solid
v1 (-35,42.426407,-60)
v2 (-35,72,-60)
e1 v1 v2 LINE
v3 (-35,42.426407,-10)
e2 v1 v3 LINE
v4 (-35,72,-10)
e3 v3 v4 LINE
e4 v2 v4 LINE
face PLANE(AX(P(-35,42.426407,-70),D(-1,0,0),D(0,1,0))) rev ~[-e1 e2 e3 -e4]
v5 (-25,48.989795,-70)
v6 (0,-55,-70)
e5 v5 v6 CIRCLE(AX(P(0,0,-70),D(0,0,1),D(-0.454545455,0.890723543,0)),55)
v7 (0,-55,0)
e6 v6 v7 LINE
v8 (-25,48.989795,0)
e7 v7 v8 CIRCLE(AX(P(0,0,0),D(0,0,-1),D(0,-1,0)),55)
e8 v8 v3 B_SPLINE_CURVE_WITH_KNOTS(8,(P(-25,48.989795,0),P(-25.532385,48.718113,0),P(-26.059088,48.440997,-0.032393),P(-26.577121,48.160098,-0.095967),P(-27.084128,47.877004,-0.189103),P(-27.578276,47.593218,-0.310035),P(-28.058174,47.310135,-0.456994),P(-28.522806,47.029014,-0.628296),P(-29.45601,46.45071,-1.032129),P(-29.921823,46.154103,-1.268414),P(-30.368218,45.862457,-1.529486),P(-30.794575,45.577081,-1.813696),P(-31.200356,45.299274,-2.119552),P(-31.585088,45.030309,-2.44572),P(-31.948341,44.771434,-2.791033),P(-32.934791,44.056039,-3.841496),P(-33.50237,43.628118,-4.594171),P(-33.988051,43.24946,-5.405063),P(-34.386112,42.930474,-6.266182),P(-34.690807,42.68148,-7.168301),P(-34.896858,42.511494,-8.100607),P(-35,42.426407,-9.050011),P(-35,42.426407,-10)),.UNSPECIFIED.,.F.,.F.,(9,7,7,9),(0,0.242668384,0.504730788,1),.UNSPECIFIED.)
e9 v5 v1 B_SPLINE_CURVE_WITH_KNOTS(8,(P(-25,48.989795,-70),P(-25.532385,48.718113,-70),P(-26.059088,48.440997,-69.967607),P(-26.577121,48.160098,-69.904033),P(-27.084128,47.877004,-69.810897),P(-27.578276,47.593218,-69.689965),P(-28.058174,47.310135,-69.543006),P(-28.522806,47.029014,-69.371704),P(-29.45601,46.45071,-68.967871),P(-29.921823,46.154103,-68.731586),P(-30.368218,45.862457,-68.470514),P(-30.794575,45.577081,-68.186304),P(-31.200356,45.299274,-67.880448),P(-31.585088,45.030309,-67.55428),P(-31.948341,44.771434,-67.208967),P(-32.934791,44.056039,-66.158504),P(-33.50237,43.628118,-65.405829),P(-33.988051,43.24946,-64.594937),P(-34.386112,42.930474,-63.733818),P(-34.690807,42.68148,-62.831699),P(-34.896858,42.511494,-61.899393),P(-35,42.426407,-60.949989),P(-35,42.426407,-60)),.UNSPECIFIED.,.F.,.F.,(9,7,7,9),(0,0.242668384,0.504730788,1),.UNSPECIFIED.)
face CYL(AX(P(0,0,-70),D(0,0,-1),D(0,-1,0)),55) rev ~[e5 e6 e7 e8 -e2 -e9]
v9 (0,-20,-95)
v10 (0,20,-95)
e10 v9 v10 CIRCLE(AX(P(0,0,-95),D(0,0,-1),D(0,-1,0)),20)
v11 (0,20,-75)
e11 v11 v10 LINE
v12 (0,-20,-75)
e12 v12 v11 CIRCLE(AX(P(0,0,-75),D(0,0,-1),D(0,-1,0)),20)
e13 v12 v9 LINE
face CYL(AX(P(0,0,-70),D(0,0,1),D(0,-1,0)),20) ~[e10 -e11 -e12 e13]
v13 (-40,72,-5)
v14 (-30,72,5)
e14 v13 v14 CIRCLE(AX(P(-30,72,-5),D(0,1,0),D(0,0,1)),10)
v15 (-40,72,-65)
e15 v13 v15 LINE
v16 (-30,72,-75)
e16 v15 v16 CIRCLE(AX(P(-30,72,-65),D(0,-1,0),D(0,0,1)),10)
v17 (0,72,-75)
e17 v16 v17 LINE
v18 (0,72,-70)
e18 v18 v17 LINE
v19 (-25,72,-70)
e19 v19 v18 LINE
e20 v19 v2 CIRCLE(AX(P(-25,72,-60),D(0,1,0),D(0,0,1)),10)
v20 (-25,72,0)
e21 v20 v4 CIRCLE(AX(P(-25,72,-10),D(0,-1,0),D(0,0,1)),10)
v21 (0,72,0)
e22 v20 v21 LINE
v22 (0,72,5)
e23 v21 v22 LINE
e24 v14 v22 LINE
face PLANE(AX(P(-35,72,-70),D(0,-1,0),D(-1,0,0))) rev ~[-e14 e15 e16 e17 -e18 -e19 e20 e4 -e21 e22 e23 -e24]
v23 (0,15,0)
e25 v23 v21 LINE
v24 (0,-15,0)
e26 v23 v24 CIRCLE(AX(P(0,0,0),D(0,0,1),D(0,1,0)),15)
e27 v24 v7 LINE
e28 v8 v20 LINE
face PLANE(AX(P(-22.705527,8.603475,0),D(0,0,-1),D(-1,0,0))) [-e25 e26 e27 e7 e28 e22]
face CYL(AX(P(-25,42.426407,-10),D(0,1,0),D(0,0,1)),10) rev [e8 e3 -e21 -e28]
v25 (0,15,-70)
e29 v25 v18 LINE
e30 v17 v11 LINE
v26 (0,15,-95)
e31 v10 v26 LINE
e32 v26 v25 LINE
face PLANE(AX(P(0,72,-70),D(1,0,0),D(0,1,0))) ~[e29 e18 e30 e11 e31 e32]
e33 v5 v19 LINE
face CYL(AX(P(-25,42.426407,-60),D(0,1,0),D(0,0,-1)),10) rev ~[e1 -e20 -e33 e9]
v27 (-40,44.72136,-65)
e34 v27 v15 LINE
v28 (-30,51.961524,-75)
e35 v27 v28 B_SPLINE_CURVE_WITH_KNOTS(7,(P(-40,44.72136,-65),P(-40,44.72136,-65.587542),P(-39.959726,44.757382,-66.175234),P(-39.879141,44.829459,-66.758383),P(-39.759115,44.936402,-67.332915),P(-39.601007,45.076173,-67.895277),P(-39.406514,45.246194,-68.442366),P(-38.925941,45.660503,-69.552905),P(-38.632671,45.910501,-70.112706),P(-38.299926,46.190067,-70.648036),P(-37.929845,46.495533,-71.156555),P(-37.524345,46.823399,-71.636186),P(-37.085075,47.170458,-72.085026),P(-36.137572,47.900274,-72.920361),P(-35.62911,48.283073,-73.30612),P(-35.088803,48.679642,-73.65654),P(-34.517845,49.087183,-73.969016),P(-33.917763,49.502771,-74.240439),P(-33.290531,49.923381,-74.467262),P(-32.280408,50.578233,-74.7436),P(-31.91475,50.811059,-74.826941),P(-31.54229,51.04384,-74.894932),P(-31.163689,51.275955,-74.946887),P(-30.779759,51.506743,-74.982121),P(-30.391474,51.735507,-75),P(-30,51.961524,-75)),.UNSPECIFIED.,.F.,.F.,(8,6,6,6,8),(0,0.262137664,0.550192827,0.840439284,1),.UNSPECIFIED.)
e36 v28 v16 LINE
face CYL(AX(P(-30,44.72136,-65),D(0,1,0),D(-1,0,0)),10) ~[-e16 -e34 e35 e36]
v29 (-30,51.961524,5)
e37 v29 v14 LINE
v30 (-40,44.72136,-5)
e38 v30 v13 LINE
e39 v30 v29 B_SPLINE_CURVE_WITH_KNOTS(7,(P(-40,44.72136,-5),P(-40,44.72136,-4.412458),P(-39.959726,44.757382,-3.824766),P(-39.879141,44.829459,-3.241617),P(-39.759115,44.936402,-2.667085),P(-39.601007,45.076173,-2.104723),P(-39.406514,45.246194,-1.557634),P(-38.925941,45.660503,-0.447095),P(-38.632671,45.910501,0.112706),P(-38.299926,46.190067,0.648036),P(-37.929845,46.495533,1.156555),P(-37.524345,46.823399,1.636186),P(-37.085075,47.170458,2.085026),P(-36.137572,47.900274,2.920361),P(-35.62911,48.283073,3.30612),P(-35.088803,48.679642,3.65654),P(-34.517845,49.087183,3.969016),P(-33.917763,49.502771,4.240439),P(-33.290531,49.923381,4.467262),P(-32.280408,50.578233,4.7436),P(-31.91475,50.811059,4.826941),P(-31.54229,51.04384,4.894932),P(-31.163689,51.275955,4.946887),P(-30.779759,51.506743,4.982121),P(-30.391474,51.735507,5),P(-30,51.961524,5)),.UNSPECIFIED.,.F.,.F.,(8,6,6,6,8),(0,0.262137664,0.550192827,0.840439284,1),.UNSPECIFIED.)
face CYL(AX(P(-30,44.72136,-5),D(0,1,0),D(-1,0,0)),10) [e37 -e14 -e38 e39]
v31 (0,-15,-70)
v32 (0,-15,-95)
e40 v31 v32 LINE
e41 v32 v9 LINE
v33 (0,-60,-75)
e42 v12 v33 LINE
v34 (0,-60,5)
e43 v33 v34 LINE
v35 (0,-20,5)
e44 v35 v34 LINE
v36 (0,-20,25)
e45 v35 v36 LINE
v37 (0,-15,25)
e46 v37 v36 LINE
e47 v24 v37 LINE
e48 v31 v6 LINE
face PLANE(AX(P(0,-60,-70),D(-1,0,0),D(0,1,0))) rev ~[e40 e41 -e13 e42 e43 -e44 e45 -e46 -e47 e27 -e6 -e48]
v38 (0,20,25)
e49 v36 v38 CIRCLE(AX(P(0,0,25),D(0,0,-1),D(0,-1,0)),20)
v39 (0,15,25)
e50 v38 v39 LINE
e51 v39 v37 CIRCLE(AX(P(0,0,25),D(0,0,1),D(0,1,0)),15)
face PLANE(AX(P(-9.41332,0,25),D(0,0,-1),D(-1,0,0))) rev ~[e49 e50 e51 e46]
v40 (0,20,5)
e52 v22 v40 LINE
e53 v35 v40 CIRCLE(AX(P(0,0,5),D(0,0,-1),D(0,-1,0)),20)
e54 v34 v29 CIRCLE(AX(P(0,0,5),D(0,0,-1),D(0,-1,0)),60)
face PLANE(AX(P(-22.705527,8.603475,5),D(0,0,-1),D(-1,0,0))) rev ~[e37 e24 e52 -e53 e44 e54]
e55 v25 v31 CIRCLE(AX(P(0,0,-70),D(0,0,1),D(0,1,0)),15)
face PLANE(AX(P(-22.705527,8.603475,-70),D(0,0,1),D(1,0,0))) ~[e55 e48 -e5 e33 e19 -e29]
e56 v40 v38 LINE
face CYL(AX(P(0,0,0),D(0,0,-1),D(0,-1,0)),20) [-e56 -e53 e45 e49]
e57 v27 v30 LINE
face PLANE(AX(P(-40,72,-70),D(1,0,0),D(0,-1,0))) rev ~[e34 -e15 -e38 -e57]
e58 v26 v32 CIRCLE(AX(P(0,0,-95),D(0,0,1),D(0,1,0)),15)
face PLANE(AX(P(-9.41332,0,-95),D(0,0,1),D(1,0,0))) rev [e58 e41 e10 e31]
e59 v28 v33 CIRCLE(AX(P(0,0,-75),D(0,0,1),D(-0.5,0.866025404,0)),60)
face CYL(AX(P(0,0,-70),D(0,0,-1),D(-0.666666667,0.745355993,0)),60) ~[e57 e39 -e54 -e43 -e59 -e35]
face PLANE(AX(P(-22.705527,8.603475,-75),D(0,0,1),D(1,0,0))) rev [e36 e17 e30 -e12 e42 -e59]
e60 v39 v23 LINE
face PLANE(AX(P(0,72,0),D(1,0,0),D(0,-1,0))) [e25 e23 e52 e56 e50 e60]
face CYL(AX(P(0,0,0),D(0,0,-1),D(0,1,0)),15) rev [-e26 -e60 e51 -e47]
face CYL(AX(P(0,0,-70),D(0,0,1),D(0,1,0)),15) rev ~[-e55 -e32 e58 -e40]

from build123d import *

# Parameters (mm, degrees)
DODANIE_WYCI_GNI_CIE1_DEPTH       = 25
DODANIE_WYCI_GNI_CIE2_DEPTH       = 5
WYCI_GNI_CIE_CIENKA_START         = -70
WYCI_GNI_CIE_CIENKA_CIANKA4_DEPTH = 70
ZAOKR_GLENIE2_R                   = 10


with BuildPart() as part:
    # Szkic1 → Dodanie-wyciągnięcie1 (new body)
    with BuildSketch(Plane.XY):
        with BuildLine():
            Line((0, 20), (0, 15))
            ThreePointArc((0, 15), (-15, 0), (0, -15))
            Line((0, -15), (0, -20))
            ThreePointArc((0, -20), (-20, 0), (0, 20))
        make_face()
    extrude(amount=DODANIE_WYCI_GNI_CIE1_DEPTH)

    # Szkic2 → Dodanie-wyciągnięcie2 (add)
    with BuildSketch(Plane.XY):
        with BuildLine():
            Line((0, 72), (0, 20))
            Line((0, 20), (0, 15))
            ThreePointArc((0, 15), (-15, 0), (0, -15))
            Line((0, -15), (0, -20))
            Line((0, -20), (0, -60))
            ThreePointArc((0, -60), (-56.050341538, -21.409325386), (-40, 44.72135955))
            Line((-40, 44.72135955), (-40, 72))
            Line((-40, 72), (0, 72))
        make_face()
    extrude(amount=DODANIE_WYCI_GNI_CIE2_DEPTH)


with BuildPart() as body_2:
    # Lustro1: mirrored copy
    add(part.part.mirror(Plane.XY.offset(-35)))


with BuildPart() as part_1:
    add(part.part)

    add(body_2.part)  # Wyciągnięcie-cienka ścianka4 merges body 2
    # Szkic7 → Wyciągnięcie-cienka ścianka4 (add)
    with BuildSketch(Plane.XY.offset(WYCI_GNI_CIE_CIENKA_START)):
        with BuildLine():
            Line((-40, 72), (-40, 44.72135955))
            ThreePointArc((-40, 44.72135955), (-56.050341538, -21.409325386), (0, -60))
            Line((0, -60), (0, -55))
            ThreePointArc((0, -55), (-51.76124215, -18.594994247), (-35, 42.426406871))
            Line((-35, 42.426406871), (-35, 72))
            Line((-35, 72), (-40, 72))
        make_face()
    extrude(amount=WYCI_GNI_CIE_CIENKA_CIANKA4_DEPTH)

    # Zaokrąglenie2
    zaokr_glenie2_edges = [part_1.edges().sort_by_distance(p)[0] for p in [
        (-40, 58.360679775, 5),
        (-35, 57.213203436, -70),
        (-35, 57.213203436, 0),
        (-40, 58.360679775, -75),
    ]]
    fillet(zaokr_glenie2_edges, radius=ZAOKR_GLENIE2_R)


solid = part_1.part
